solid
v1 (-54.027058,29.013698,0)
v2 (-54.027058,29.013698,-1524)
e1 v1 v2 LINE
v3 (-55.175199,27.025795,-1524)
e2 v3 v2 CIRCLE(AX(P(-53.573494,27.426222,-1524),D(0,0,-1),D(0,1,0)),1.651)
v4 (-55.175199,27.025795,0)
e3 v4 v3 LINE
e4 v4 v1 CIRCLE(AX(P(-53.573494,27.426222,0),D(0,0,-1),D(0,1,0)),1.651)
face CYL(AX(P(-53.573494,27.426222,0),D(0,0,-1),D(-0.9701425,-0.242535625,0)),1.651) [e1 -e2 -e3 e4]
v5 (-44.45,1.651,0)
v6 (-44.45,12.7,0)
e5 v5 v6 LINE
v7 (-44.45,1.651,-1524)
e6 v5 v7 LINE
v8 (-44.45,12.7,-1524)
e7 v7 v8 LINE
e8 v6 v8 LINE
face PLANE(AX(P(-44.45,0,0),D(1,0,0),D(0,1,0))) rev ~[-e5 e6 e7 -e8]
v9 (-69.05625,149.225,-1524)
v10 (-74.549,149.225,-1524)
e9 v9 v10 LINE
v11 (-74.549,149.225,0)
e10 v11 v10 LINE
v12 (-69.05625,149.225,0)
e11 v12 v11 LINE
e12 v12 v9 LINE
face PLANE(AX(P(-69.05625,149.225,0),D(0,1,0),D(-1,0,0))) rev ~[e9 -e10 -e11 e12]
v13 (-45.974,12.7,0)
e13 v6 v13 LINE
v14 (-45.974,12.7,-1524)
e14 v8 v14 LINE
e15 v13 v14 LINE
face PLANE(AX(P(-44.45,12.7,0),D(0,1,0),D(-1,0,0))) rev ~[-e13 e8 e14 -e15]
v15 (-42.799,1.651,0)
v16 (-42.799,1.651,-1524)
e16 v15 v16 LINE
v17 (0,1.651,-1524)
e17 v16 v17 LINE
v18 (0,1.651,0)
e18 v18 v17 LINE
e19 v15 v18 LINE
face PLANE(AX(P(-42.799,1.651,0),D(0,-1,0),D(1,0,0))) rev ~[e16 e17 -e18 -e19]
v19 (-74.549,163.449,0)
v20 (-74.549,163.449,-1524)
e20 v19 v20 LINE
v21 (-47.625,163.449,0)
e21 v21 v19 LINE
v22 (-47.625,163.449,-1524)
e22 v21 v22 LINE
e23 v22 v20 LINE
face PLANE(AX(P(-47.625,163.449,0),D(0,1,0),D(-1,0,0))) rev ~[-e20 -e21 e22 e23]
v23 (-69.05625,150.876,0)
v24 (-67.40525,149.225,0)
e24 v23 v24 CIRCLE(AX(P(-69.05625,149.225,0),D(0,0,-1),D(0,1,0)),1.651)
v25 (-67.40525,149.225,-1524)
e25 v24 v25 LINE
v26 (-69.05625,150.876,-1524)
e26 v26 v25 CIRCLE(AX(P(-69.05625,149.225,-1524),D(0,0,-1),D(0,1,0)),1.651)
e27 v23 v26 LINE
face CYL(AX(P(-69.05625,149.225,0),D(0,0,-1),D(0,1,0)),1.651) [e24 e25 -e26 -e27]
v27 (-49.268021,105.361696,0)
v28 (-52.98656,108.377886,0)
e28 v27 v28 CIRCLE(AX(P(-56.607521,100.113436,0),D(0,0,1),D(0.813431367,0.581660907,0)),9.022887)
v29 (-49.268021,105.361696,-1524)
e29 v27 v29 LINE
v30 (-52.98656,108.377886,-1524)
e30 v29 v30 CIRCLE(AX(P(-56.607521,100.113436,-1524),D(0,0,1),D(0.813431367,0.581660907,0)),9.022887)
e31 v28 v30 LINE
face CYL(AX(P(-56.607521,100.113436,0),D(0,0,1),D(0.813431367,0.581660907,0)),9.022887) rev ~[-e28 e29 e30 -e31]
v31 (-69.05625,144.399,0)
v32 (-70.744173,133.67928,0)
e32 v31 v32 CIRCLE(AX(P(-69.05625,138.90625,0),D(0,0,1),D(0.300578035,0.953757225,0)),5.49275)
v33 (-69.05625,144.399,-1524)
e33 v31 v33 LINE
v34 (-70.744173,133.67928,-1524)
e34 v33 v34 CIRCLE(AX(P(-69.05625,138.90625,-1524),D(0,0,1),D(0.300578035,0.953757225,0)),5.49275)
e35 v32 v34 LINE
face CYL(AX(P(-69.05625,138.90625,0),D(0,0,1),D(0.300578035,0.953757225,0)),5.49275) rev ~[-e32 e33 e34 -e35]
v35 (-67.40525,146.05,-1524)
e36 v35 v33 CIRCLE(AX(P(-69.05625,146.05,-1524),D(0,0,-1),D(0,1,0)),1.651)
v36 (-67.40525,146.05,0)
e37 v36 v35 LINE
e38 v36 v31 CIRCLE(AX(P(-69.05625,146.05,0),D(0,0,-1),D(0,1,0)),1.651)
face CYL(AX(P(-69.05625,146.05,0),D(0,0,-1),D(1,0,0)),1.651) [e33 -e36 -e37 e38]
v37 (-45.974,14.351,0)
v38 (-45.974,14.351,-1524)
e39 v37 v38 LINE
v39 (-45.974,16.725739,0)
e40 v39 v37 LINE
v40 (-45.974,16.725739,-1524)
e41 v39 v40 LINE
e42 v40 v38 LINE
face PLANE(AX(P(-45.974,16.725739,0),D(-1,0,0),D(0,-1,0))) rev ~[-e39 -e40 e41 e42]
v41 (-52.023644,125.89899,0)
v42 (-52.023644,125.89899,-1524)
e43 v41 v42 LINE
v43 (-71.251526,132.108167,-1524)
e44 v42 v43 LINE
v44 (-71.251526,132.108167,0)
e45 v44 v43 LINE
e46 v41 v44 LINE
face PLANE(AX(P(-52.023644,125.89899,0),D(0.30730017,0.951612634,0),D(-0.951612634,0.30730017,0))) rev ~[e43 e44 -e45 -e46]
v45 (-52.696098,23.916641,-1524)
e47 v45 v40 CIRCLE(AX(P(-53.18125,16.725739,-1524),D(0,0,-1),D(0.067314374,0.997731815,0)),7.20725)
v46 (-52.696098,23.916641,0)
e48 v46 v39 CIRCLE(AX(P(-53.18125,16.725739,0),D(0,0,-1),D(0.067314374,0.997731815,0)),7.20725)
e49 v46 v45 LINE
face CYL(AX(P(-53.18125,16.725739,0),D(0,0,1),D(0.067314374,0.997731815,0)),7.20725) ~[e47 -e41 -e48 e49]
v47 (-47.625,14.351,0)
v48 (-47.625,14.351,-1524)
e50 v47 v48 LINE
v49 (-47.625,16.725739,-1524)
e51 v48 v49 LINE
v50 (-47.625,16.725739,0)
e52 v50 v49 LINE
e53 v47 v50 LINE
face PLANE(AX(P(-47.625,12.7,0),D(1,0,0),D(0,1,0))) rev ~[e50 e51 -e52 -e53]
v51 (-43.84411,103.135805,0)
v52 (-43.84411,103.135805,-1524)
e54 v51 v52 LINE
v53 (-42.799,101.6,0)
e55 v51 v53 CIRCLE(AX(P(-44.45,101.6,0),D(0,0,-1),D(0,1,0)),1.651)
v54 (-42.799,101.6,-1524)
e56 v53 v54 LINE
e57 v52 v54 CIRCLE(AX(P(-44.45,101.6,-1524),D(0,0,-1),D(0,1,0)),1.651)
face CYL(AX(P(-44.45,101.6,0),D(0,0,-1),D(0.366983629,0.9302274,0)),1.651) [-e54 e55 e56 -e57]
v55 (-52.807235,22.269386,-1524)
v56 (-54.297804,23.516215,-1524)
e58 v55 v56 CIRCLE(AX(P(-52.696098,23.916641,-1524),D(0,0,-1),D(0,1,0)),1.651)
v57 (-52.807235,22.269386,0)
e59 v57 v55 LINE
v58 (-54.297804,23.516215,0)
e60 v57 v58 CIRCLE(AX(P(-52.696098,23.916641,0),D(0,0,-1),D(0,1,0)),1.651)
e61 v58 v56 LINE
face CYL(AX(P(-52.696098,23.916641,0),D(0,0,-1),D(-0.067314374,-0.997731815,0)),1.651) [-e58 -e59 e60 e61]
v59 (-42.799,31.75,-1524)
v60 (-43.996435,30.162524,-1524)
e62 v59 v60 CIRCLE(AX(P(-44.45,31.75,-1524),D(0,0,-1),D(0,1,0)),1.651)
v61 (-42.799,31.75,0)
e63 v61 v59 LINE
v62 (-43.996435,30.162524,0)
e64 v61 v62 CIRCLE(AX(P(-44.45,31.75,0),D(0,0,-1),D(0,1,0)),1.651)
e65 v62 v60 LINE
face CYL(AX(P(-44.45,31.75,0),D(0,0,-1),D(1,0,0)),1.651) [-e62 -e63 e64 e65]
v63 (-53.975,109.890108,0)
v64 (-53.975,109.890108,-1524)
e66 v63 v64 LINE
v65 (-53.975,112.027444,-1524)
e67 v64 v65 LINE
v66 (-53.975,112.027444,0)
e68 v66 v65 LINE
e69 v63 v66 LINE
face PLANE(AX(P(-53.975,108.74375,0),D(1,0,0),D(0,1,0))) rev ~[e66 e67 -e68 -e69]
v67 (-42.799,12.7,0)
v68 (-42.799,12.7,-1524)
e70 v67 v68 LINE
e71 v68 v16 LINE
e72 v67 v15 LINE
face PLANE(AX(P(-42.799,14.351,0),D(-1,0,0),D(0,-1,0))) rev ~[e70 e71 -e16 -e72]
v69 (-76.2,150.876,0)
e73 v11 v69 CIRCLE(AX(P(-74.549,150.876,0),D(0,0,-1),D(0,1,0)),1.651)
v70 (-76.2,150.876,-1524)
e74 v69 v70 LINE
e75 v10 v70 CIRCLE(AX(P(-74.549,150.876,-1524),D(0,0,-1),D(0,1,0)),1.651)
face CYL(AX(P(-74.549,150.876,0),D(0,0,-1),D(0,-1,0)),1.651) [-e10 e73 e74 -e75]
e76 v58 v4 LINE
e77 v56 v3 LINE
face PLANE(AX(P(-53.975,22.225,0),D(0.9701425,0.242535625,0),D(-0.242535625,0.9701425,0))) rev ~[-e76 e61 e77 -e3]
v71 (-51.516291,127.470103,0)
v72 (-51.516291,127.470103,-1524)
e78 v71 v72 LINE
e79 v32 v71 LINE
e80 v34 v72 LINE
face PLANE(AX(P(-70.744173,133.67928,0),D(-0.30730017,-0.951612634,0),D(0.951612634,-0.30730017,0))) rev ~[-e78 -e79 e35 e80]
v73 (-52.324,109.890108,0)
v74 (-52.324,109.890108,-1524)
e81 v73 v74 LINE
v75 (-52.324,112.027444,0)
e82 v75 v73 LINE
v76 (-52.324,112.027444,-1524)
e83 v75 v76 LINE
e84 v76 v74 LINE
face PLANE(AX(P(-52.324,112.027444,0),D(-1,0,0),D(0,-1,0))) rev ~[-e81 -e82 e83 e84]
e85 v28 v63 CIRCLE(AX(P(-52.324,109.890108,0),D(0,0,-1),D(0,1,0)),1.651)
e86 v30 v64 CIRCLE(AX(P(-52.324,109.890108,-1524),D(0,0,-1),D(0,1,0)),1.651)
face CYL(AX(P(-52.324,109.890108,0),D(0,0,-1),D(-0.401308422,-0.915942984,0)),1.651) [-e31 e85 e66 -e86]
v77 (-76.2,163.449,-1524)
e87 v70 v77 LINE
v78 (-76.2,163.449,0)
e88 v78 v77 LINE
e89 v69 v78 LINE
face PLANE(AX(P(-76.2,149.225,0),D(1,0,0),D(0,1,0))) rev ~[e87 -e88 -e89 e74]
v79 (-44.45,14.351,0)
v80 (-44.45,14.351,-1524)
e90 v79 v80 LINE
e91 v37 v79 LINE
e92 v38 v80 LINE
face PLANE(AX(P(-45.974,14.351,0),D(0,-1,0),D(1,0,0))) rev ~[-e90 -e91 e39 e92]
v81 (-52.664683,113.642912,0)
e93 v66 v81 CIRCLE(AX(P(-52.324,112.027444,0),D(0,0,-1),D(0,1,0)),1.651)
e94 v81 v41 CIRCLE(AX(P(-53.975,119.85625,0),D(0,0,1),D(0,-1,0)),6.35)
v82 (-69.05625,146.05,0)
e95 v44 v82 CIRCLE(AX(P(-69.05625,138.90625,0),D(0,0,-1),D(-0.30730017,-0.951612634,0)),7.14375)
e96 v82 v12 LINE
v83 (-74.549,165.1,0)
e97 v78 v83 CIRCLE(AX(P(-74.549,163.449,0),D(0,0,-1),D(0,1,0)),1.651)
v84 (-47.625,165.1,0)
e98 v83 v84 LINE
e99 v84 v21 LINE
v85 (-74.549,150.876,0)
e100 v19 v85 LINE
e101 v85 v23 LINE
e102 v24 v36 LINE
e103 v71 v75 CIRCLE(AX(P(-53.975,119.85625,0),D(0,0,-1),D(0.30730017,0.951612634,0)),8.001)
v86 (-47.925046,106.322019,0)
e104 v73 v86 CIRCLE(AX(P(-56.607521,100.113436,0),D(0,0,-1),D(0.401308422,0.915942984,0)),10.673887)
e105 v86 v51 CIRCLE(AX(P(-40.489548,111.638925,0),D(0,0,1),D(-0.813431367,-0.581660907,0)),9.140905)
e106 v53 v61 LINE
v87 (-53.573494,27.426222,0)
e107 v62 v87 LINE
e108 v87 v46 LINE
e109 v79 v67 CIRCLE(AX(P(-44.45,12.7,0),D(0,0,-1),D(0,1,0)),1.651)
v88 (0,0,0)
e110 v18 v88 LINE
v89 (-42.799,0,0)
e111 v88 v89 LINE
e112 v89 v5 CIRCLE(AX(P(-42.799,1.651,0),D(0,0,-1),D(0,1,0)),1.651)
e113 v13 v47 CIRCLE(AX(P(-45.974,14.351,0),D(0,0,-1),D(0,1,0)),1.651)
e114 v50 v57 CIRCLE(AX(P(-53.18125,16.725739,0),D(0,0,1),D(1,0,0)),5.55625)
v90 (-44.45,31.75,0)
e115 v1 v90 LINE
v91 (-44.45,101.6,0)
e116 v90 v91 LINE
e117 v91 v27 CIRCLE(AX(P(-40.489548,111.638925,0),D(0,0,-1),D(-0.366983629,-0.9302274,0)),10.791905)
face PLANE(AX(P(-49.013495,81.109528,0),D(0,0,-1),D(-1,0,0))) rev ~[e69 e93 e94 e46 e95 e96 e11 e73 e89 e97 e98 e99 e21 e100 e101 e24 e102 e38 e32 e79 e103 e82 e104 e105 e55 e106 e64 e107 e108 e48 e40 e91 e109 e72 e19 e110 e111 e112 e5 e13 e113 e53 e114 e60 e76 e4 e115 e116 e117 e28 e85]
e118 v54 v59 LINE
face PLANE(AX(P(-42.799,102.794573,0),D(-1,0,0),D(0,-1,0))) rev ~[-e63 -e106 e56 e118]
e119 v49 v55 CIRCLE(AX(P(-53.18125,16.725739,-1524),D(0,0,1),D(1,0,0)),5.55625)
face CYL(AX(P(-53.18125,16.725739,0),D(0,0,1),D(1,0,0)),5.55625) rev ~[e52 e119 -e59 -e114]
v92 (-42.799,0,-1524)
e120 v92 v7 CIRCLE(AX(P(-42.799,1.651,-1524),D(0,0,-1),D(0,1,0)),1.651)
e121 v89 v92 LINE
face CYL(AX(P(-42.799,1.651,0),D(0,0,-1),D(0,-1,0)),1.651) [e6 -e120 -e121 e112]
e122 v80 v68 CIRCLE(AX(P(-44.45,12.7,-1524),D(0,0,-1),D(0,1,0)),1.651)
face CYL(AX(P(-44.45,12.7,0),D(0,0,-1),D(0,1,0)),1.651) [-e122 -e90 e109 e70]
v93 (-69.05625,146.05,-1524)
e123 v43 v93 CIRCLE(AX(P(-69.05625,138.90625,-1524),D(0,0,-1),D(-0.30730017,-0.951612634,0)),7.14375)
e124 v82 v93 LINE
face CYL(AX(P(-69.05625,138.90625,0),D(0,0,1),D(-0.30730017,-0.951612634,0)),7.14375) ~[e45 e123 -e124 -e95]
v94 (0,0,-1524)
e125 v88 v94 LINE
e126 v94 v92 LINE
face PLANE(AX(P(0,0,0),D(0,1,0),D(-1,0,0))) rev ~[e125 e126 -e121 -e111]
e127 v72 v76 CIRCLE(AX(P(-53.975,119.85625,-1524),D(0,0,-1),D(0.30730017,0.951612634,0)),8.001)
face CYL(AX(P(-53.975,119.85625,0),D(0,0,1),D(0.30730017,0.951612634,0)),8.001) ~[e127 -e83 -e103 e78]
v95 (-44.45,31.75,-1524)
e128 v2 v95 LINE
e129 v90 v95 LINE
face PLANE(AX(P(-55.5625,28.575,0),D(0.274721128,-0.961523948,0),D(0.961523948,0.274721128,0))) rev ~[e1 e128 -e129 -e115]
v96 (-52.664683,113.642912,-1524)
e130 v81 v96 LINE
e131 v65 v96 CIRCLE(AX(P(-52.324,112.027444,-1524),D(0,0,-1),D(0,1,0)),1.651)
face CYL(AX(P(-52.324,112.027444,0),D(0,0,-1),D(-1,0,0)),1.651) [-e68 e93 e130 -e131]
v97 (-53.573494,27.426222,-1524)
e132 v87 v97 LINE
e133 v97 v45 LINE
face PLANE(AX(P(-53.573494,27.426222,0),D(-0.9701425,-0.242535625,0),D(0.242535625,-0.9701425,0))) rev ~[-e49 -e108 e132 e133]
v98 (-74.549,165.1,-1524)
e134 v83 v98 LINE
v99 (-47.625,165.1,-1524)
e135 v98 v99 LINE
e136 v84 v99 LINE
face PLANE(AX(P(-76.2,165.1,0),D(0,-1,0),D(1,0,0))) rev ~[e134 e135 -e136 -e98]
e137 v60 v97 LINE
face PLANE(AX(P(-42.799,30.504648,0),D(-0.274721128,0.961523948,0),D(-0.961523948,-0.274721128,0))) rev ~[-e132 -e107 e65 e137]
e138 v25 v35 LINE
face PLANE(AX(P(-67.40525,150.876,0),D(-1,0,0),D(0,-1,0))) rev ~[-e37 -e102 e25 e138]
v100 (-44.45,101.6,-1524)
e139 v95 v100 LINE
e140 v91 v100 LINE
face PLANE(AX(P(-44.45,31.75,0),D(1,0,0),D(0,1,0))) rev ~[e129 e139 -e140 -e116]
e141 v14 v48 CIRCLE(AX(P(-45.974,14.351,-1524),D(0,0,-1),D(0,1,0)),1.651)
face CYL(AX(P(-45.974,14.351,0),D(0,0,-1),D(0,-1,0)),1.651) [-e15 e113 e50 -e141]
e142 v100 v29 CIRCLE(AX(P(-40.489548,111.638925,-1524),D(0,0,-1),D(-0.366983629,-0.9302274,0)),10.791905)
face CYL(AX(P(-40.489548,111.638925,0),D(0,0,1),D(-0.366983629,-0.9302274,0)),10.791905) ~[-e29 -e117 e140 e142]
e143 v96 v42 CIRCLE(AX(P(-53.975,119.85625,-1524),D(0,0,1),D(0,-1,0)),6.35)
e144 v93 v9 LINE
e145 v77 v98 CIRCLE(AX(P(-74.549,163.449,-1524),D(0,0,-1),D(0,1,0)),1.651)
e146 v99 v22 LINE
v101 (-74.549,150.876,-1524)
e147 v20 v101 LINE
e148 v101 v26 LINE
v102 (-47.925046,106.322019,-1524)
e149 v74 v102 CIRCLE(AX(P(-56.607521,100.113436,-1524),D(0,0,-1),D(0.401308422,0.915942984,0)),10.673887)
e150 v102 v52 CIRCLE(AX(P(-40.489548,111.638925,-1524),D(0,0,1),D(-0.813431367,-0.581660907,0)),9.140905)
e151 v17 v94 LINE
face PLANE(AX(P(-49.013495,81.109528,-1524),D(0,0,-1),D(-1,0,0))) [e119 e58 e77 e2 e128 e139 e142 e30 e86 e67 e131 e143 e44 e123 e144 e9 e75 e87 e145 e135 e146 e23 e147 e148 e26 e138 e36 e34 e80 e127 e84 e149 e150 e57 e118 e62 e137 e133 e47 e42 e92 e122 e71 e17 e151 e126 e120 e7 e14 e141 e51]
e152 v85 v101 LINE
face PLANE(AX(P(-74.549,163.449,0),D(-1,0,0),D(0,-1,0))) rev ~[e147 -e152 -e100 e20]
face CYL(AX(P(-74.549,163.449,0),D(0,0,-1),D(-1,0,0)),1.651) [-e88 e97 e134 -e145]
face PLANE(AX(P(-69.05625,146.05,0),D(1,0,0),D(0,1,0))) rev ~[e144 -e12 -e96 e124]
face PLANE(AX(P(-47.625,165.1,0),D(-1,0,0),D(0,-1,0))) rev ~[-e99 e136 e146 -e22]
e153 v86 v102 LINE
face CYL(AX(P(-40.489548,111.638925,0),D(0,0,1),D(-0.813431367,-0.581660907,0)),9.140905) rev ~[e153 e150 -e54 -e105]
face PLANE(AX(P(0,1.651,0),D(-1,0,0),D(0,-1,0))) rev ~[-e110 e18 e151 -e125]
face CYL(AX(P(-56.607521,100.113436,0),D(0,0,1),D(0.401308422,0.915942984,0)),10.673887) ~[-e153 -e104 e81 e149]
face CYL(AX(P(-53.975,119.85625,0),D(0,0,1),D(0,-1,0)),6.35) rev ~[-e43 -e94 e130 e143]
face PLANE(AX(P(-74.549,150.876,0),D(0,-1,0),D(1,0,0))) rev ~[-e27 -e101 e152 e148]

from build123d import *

# Parameters (mm, degrees)
EXTRUDE_THIN1_DEPTH = 1524
FILLET1_R           = 1.651


with BuildPart() as part:
    # Sketch1 → Extrude-Thin1 (new body)
    with BuildSketch(Plane.XY):
        with BuildLine():
            Line((0, 0), (-44.45, 0))
            Line((-44.45, 0), (-44.45, 12.7))
            Line((-44.45, 12.7), (-47.625, 12.7))
            Line((-47.625, 12.7), (-47.625, 16.725738686))
            ThreePointArc((-47.625, 16.725738686), (-49.543830542, 20.925868892), (-53.975, 22.225))
            Line((-53.975, 22.225), (-55.5625, 28.575))
            Line((-55.5625, 28.575), (-44.45, 31.75))
            Line((-44.45, 31.75), (-44.45, 101.6))
            ThreePointArc((-44.45, 101.6), (-47.130906672, 103.132600901), (-49.268021434, 105.361696367))
            ThreePointArc((-49.268021434, 105.361696367), (-51.342554678, 107.440960699), (-53.975, 108.74375))
            Line((-53.975, 108.74375), (-53.975, 113.50625))
            ThreePointArc((-53.975, 113.50625), (-47.702285259, 118.868550766), (-52.023643923, 125.898990228))
            Line((-52.023643923, 125.898990228), (-71.251525587, 132.108167244))
            ThreePointArc((-71.251525587, 132.108167244), (-76.113054084, 140.017411638), (-69.05625, 146.05))
            Line((-69.05625, 146.05), (-69.05625, 149.225))
            Line((-69.05625, 149.225), (-76.2, 149.225))
            Line((-76.2, 149.225), (-76.2, 165.1))
            Line((-76.2, 165.1), (-47.625, 165.1))
            Line((-47.625, 165.1), (-47.625, 163.449))
            Line((-47.625, 163.449), (-74.549, 163.449))
            Line((-74.549, 163.449), (-74.549, 150.876))
            Line((-74.549, 150.876), (-67.40525, 150.876))
            Line((-67.40525, 150.876), (-67.40525, 144.145))
            ThreePointArc((-67.40525, 144.145), (-74.289142714, 140.575721893), (-70.744173007, 133.679279703))
            Line((-70.744173007, 133.679279703), (-51.516291343, 127.470102687))
            ThreePointArc((-51.516291343, 127.470102687), (-45.984921685, 119.438339092), (-52.324, 112.027444216))
            Line((-52.324, 112.027444216), (-52.324, 109.890107647))
            ThreePointArc((-52.324, 109.890107647), (-49.883528392, 108.403175809), (-47.925046246, 106.322018525))
            ThreePointArc((-47.925046246, 106.322018525), (-45.671413632, 104.108692809), (-42.799, 102.794573098))
            Line((-42.799, 102.794573098), (-42.799, 30.504648368))
            Line((-42.799, 30.504648368), (-53.573493562, 27.426221636))
            Line((-53.573493562, 27.426221636), (-52.696098481, 23.916641311))
            ThreePointArc((-52.696098481, 23.916641311), (-47.916220995, 21.647519069), (-45.974, 16.725738686))
            Line((-45.974, 16.725738686), (-45.974, 14.351))
            Line((-45.974, 14.351), (-42.799, 14.351))
            Line((-42.799, 14.351), (-42.799, 1.651))
            Line((-42.799, 1.651), (0, 1.651))
            Line((0, 1.651), (0, 0))
        make_face()
    extrude(amount=-EXTRUDE_THIN1_DEPTH)

    # Fillet1
    fillet1_edges = [part.edges().sort_by_distance(p)[0] for p in [
        (-67.40525, 150.876, -762),
        (-67.40525, 144.145, -762),
        (-42.799, 102.794573098, -762),
        (-42.799, 30.504648368, -762),
        (-42.799, 14.351, -762),
        (-44.45, 0, -762),
        (-47.625, 12.7, -762),
        (-53.975, 22.225, -762),
        (-55.5625, 28.575, -762),
        (-53.975, 108.74375, -762),
        (-53.975, 113.50625, -762),
        (-76.2, 149.225, -762),
        (-76.2, 165.1, -762),
    ]]
    fillet(fillet1_edges, radius=FILLET1_R)


solid = part.part
